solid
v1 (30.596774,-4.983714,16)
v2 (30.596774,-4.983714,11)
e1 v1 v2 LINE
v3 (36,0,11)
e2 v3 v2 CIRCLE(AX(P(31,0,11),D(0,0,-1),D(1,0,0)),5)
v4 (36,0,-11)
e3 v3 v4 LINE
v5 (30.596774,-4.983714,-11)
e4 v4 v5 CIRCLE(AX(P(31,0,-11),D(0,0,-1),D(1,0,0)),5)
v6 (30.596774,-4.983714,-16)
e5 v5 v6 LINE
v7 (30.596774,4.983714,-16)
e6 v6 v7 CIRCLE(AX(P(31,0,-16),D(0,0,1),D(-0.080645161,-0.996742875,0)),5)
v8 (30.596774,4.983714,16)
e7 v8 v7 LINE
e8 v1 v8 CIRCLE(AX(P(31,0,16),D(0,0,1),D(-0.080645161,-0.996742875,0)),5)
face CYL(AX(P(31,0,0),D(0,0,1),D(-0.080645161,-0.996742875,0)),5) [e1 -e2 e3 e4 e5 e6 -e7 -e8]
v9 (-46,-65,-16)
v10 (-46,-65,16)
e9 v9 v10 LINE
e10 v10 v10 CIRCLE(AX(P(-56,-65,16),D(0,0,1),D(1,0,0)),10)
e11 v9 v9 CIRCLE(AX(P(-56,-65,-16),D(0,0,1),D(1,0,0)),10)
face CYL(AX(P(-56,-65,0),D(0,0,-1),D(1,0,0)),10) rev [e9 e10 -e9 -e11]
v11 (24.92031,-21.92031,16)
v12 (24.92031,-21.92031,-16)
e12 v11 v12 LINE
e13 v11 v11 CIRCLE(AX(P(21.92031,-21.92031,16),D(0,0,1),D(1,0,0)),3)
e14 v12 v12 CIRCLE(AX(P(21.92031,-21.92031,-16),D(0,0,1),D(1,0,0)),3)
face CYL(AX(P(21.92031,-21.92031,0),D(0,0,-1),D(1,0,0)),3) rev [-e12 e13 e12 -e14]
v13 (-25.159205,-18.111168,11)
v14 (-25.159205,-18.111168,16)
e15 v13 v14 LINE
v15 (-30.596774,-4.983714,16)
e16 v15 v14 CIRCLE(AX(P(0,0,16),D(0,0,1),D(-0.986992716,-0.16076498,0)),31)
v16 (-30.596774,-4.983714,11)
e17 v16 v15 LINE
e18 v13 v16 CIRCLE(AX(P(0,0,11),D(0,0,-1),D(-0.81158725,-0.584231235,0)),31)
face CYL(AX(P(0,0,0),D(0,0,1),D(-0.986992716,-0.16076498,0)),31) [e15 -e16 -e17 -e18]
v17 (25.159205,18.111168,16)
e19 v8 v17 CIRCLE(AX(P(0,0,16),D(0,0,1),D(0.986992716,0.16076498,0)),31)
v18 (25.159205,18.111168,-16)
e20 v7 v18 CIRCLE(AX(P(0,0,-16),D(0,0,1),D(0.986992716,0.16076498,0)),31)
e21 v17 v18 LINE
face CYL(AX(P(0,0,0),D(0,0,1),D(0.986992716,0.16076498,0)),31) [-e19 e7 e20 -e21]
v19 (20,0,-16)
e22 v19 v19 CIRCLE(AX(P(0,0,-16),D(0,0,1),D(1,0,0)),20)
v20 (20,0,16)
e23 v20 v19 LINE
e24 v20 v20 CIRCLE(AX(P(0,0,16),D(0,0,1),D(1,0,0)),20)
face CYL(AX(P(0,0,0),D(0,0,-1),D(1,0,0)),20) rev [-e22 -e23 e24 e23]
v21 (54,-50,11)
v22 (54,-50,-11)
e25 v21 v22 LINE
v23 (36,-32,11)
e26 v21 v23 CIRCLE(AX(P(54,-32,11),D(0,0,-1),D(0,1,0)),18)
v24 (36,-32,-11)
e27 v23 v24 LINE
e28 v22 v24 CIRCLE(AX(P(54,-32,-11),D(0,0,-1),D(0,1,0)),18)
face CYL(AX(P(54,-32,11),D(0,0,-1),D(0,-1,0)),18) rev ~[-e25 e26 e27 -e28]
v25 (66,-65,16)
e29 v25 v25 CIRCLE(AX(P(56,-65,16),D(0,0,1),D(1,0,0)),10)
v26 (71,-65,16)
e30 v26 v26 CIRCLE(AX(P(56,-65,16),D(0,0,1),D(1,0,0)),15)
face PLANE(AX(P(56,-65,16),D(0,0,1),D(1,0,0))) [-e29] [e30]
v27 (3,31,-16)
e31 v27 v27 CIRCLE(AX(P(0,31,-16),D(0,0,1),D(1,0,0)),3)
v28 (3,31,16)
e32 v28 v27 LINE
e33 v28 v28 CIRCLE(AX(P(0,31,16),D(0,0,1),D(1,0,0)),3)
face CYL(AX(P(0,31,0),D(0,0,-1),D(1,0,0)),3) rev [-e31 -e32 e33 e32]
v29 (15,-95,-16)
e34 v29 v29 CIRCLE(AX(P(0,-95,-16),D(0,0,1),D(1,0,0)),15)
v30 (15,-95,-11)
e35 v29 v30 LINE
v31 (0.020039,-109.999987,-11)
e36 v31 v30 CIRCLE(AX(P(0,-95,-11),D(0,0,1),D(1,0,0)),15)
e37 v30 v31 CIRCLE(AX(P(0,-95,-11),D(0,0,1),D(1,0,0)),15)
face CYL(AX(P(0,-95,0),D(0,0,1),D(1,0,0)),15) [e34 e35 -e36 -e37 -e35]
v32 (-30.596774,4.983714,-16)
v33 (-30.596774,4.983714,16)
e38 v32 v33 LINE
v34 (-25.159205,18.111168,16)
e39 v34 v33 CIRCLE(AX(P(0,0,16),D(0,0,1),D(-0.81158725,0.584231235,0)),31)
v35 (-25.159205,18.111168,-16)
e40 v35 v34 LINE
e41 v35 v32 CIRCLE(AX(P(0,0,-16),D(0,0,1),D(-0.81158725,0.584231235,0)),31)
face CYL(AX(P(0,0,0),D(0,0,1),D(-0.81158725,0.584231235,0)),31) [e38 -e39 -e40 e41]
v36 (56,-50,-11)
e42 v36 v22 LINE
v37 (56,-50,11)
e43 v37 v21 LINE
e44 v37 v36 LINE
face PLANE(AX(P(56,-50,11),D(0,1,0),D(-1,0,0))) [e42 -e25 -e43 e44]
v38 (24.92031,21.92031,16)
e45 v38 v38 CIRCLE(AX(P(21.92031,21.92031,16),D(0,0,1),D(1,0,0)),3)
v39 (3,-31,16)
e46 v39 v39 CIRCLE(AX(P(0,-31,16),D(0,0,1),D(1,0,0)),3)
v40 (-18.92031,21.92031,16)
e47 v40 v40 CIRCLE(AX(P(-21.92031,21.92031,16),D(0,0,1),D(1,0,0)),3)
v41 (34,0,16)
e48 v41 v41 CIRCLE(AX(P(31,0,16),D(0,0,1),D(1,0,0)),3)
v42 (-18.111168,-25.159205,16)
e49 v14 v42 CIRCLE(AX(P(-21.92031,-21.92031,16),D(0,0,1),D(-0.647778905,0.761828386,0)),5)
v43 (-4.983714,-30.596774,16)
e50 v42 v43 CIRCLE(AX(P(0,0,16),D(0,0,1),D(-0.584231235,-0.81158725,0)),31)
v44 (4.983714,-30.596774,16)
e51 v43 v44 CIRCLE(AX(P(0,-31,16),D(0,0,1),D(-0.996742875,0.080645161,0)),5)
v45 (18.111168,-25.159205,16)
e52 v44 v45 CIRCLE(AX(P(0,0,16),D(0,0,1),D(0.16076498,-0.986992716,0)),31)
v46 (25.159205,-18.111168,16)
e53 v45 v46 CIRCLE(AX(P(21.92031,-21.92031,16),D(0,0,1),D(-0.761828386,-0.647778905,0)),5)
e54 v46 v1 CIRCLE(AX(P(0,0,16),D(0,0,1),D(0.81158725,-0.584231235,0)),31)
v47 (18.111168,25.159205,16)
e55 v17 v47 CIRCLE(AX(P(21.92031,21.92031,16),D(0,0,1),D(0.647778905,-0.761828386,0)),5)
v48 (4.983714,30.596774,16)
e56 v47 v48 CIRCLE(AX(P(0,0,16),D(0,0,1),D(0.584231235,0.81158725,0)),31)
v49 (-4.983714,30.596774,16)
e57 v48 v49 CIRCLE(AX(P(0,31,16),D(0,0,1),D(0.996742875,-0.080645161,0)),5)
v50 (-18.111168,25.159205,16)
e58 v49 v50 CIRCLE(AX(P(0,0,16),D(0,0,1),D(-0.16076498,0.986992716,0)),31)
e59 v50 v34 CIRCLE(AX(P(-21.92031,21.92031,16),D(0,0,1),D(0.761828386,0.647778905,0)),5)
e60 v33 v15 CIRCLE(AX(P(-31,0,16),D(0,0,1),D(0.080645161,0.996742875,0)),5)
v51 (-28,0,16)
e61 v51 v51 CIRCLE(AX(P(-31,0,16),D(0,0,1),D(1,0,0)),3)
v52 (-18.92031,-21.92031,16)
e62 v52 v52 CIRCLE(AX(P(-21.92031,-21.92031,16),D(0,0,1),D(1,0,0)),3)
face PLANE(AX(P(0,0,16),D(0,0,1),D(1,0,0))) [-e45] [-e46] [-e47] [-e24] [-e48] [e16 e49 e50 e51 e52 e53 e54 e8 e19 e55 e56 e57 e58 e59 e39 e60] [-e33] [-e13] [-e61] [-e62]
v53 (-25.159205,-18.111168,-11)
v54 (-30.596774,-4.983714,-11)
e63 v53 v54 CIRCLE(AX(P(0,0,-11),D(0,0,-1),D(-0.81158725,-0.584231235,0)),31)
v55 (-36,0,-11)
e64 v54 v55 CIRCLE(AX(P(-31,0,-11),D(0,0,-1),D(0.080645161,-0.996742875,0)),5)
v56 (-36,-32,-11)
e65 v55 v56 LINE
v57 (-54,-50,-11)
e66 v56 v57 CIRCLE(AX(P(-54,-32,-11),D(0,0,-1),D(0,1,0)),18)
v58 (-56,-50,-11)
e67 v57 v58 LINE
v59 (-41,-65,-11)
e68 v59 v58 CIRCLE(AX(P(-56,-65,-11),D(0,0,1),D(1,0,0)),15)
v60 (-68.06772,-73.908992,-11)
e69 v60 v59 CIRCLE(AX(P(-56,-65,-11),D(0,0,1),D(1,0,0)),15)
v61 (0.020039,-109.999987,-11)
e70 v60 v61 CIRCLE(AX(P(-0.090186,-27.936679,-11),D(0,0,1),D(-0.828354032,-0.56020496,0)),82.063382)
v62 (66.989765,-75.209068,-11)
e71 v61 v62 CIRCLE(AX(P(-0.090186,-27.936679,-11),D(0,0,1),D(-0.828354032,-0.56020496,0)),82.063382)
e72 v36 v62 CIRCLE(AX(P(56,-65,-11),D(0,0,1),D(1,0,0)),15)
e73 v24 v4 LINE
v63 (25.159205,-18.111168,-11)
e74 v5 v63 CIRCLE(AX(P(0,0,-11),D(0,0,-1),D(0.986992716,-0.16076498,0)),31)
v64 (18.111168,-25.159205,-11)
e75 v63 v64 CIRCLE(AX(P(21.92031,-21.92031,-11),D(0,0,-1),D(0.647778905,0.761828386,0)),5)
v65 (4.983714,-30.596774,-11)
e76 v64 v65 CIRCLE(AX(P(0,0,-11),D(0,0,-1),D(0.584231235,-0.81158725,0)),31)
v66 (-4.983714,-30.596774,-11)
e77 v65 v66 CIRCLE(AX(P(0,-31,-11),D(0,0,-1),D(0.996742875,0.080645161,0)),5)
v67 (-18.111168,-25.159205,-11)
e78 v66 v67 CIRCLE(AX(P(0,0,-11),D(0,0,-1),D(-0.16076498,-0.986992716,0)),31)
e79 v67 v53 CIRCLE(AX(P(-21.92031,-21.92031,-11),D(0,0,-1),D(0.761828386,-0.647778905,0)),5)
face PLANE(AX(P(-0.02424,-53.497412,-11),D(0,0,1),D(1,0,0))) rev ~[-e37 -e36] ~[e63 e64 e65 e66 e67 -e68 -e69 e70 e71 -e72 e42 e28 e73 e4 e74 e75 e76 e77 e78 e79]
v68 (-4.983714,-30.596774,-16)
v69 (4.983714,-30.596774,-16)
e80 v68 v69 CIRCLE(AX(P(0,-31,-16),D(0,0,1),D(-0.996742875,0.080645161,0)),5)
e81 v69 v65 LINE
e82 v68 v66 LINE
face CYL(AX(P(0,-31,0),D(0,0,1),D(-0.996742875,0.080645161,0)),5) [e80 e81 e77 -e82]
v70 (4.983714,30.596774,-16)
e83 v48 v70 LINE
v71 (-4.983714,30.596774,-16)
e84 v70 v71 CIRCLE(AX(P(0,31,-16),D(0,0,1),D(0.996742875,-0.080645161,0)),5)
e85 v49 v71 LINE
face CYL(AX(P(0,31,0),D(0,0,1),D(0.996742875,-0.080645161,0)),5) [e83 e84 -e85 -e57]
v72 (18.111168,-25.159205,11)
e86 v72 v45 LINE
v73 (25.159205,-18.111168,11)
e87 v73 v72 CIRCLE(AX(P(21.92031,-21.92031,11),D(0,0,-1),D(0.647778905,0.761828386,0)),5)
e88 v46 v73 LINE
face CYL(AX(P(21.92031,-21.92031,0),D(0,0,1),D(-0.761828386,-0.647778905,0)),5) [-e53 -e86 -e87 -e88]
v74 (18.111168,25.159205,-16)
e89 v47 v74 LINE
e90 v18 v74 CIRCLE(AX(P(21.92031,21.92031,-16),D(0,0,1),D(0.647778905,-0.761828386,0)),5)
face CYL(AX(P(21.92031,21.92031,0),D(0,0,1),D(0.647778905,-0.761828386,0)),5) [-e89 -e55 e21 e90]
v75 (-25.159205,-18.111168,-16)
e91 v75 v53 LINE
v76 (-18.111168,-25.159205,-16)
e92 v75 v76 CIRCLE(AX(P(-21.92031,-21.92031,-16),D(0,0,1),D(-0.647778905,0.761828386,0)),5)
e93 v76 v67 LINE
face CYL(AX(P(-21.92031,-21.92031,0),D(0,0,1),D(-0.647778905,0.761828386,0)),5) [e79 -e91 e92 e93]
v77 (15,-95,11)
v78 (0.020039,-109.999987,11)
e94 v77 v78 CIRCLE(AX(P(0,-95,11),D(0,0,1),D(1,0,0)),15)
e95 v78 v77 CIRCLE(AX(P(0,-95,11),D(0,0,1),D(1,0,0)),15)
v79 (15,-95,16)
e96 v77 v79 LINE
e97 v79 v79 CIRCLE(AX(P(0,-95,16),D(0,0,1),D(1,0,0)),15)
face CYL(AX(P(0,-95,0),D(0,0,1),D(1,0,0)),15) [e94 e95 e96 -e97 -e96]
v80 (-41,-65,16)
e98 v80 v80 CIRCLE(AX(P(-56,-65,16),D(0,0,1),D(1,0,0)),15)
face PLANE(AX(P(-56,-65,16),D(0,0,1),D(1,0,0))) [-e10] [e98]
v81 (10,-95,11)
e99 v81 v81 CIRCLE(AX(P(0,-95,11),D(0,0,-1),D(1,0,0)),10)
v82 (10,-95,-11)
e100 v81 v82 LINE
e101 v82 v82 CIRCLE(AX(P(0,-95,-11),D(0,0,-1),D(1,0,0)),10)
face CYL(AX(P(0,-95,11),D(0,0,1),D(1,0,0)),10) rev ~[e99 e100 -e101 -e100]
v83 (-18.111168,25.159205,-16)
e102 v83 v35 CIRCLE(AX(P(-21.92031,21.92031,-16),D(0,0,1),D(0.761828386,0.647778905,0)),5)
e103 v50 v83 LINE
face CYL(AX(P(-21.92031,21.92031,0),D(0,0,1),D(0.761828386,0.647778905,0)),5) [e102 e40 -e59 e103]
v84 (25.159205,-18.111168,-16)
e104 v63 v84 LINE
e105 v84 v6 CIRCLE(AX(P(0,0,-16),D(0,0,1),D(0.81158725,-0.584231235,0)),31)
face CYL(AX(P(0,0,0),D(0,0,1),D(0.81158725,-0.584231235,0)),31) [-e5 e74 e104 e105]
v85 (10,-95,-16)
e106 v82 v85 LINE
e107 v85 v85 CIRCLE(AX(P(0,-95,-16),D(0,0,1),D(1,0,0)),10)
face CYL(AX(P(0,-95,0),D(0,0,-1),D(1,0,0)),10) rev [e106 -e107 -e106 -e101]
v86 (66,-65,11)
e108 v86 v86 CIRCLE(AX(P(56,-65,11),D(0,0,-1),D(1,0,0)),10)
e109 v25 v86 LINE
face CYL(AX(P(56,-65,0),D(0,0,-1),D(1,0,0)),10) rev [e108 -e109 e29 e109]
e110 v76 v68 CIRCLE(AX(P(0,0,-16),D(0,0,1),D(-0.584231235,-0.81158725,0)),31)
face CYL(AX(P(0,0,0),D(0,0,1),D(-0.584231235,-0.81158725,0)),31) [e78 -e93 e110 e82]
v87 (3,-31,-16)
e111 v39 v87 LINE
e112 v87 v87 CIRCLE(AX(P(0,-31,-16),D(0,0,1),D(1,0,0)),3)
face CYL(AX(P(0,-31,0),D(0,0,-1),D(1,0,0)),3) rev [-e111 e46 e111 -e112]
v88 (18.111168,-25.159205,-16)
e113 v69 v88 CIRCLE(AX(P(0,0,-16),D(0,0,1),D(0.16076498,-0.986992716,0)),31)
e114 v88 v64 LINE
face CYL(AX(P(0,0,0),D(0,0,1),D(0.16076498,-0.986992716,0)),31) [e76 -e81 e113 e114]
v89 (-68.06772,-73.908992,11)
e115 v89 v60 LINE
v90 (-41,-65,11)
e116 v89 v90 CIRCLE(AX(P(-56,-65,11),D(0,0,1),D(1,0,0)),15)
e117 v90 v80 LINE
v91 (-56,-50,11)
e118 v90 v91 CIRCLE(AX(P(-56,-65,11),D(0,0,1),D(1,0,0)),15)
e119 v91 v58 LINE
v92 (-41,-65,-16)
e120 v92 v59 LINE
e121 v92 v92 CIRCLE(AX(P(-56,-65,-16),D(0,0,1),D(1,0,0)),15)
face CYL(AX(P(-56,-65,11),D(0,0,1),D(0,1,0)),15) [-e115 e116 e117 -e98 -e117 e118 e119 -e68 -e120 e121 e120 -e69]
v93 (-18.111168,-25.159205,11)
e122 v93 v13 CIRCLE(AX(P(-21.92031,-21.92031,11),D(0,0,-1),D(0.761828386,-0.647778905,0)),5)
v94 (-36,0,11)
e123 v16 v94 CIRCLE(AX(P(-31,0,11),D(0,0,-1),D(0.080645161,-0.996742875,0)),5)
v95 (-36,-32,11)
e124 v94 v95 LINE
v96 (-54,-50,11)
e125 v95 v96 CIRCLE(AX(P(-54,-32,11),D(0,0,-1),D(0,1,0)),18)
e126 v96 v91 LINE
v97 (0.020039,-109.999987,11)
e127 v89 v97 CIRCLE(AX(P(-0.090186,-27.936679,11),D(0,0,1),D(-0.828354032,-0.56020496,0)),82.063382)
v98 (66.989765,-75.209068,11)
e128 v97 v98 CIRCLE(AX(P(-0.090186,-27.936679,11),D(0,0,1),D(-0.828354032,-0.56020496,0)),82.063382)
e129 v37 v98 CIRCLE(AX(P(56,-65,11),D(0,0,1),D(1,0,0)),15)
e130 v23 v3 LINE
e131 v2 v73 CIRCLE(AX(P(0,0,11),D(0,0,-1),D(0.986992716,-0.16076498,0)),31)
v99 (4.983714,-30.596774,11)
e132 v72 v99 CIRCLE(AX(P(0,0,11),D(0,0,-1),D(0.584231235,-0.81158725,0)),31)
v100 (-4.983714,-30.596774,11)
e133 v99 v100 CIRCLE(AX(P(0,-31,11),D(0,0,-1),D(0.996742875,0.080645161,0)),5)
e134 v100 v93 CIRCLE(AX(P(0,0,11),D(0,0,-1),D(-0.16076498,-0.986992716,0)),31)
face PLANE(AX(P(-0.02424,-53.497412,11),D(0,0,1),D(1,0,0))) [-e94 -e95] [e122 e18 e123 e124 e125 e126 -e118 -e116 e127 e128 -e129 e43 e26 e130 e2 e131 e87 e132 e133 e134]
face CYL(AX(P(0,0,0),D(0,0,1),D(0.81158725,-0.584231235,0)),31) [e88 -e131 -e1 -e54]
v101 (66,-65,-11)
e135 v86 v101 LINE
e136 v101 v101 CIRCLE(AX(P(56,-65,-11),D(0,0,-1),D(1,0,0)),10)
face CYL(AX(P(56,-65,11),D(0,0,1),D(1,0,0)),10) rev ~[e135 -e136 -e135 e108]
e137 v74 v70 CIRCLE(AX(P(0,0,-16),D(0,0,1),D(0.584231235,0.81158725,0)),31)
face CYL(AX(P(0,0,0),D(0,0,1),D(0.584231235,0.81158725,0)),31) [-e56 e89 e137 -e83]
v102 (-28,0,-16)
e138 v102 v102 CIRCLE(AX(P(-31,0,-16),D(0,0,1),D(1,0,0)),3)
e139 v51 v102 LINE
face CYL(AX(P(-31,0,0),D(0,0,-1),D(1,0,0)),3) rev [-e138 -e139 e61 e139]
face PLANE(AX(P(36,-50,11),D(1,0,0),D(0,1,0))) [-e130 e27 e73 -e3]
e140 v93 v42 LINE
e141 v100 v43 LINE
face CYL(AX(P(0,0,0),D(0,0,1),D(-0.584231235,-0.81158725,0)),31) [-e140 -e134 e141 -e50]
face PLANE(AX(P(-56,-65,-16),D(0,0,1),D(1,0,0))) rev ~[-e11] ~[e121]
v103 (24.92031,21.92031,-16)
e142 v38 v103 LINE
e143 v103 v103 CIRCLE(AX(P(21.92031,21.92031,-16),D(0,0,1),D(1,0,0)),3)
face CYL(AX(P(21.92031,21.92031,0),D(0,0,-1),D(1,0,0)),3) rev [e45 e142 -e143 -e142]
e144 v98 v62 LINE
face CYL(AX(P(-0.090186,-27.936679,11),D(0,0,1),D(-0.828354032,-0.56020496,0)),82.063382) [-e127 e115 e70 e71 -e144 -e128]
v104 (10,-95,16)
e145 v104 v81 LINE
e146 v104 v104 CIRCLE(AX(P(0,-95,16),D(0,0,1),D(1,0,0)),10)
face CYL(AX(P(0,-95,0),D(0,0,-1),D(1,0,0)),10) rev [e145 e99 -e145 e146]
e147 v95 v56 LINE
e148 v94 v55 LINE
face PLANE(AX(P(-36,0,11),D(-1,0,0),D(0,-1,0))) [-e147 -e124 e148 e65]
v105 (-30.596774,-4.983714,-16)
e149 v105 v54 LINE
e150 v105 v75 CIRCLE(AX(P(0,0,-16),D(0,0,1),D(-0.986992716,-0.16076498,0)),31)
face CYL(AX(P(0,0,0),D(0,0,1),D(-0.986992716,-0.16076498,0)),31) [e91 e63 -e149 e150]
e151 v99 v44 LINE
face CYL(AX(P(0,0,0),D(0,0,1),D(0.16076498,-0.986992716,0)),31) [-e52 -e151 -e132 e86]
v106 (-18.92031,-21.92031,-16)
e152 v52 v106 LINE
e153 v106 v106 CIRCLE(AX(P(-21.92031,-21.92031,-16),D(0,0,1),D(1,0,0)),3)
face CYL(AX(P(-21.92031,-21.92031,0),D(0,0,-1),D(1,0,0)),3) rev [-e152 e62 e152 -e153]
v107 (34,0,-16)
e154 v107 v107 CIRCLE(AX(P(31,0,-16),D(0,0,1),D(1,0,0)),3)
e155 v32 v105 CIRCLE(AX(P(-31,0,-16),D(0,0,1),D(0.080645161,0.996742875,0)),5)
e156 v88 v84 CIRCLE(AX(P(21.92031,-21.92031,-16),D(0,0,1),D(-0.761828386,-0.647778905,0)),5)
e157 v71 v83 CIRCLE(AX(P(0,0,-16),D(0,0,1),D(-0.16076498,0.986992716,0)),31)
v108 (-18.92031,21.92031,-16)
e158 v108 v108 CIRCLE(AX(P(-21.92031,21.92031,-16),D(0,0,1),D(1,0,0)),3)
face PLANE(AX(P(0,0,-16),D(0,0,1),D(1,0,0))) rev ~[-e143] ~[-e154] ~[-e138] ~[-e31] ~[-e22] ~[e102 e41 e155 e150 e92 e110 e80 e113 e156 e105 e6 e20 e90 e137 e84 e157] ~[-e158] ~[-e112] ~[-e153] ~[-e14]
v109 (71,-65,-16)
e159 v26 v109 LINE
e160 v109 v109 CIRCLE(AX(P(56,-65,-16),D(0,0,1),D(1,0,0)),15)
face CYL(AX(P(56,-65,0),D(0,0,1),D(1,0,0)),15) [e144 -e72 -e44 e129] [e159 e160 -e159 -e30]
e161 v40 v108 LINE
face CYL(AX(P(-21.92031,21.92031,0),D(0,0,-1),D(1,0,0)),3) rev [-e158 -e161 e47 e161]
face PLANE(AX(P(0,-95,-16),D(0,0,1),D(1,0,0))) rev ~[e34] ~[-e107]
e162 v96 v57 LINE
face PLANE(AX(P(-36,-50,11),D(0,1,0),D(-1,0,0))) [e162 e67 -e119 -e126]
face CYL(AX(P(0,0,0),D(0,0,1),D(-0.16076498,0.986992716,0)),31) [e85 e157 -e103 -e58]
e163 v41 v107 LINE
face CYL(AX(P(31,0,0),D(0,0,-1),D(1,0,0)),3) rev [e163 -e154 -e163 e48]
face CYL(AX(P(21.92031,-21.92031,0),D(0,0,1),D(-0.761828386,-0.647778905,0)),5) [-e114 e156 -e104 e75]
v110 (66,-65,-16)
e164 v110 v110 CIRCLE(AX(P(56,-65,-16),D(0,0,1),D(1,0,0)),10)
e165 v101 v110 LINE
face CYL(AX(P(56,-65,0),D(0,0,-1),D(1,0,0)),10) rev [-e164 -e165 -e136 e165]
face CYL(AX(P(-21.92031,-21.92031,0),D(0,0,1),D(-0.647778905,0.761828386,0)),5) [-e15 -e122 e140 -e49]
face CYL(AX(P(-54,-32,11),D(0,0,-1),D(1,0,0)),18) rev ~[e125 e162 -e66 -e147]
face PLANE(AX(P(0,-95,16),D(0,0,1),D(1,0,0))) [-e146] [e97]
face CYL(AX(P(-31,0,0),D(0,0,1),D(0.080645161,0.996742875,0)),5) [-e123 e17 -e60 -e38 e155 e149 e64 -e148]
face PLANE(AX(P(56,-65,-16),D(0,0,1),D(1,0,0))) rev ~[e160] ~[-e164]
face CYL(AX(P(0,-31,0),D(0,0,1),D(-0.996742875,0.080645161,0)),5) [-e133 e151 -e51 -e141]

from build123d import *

# Parameters (mm, degrees)
SKETCH1_R             = 20
SKETCH1_R_2           = 3
BOSS_EXTRUDE5_DEPTH   = 16
SKETCH1_R_3           = 15
SKETCH1_R_4           = 10
BOSS_EXTRUDE5_2_DEPTH = 16
BOSS_EXTRUDE5_3_DEPTH = 16
BOSS_EXTRUDE5_4_DEPTH = 16
BOSS_EXTRUDE6_START   = -5
BOSS_EXTRUDE6_DEPTH   = 22
SKETCH3_R             = 10
CUT_EXTRUDE1_DEPTH    = 28
FILLET1_R             = 18


with BuildPart() as part:
    # Sketch1 → Boss-Extrude5 (new body, symmetric)
    with BuildSketch(Plane.XY):
        with BuildLine():
            ThreePointArc((-18.111168286, 25.159204743), (-25.455844123, 25.455844123), (-25.159204743, 18.111168286))
            ThreePointArc((-25.159204743, 18.111168286), (-28.640265508, 11.863186403), (-30.596774194, 4.983714373))
            ThreePointArc((-30.596774194, 4.983714373), (-36, 0), (-30.596774194, -4.983714373))
            ThreePointArc((-30.596774194, -4.983714373), (-28.640265508, -11.863186403), (-25.159204743, -18.111168286))
            ThreePointArc((-25.159204743, -18.111168286), (-25.455844123, -25.455844123), (-18.111168286, -25.159204743))
            ThreePointArc((-18.111168286, -25.159204743), (-11.863186403, -28.640265508), (-4.983714373, -30.596774194))
            ThreePointArc((-4.983714373, -30.596774194), (0, -36), (4.983714373, -30.596774194))
            ThreePointArc((4.983714373, -30.596774194), (11.863186403, -28.640265508), (18.111168286, -25.159204743))
            ThreePointArc((18.111168286, -25.159204743), (25.455844123, -25.455844123), (25.159204743, -18.111168286))
            ThreePointArc((25.159204743, -18.111168286), (28.640265508, -11.863186403), (30.596774194, -4.983714373))
            ThreePointArc((30.596774194, -4.983714373), (36, 0), (30.596774194, 4.983714373))
            ThreePointArc((30.596774194, 4.983714373), (28.640265508, 11.863186403), (25.159204743, 18.111168286))
            ThreePointArc((25.159204743, 18.111168286), (25.455844123, 25.455844123), (18.111168286, 25.159204743))
            ThreePointArc((18.111168286, 25.159204743), (11.863186403, 28.640265508), (4.983714373, 30.596774194))
            ThreePointArc((4.983714373, 30.596774194), (0, 36), (-4.983714373, 30.596774194))
            ThreePointArc((-4.983714373, 30.596774194), (-11.863186403, 28.640265508), (-18.111168286, 25.159204743))
        make_face()
        Circle(SKETCH1_R, mode=Mode.SUBTRACT)
        with Locations((31, 0)):
            Circle(SKETCH1_R_2, mode=Mode.SUBTRACT)
        with Locations((21.920310217, -21.920310217)):
            Circle(SKETCH1_R_2, mode=Mode.SUBTRACT)
        with Locations((0, -31)):
            Circle(SKETCH1_R_2, mode=Mode.SUBTRACT)
        with Locations((-21.920310217, -21.920310217)):
            Circle(SKETCH1_R_2, mode=Mode.SUBTRACT)
        with Locations((-31, 0)):
            Circle(SKETCH1_R_2, mode=Mode.SUBTRACT)
        with Locations((-21.920310217, 21.920310217)):
            Circle(SKETCH1_R_2, mode=Mode.SUBTRACT)
        with Locations((0, 31)):
            Circle(SKETCH1_R_2, mode=Mode.SUBTRACT)
        with Locations((21.920310217, 21.920310217)):
            Circle(SKETCH1_R_2, mode=Mode.SUBTRACT)
    extrude(amount=BOSS_EXTRUDE5_DEPTH, both=True)



with BuildPart() as body_2:
    # Sketch1 → Boss-Extrude5 2 (new body, symmetric)
    with BuildSketch(Plane.XY):
        with Locations((-56, -65)):
            Circle(SKETCH1_R_3)
        with Locations((-56, -65)):
            Circle(SKETCH1_R_4, mode=Mode.SUBTRACT)
    extrude(amount=BOSS_EXTRUDE5_2_DEPTH, both=True)


with BuildPart() as body_3:
    # Sketch1 → Boss-Extrude5 3 (new body, symmetric)
    with BuildSketch(Plane.XY):
        with Locations((0, -95)):
            Circle(SKETCH1_R_3)
        with Locations((0, -95)):
            Circle(SKETCH1_R_4, mode=Mode.SUBTRACT)
    extrude(amount=BOSS_EXTRUDE5_3_DEPTH, both=True)


with BuildPart() as body_4:
    # Sketch1 → Boss-Extrude5 4 (new body, symmetric)
    with BuildSketch(Plane.XY):
        with Locations((56, -65)):
            Circle(SKETCH1_R_3)
        with Locations((56, -65)):
            Circle(SKETCH1_R_4, mode=Mode.SUBTRACT)
    extrude(amount=BOSS_EXTRUDE5_4_DEPTH, both=True)


with BuildPart() as part_1:
    add(part.part)

    add(body_2.part)  # Boss-Extrude6 merges body 2

    add(body_3.part)  # Boss-Extrude6 merges body 3

    add(body_4.part)  # Boss-Extrude6 merges body 4
    # Sketch2 → Boss-Extrude6 (add)
    with BuildSketch(Plane.XY.offset(16).offset(BOSS_EXTRUDE6_START)):
        with BuildLine():
            ThreePointArc((-30.596774194, -4.983714373), (-34.389975735, -3.675331892), (-36, 0))
            Line((-36, 0), (-36, -50))
            Line((-36, -50), (-56, -50))
            ThreePointArc((-56, -50), (-69.390946307, -58.241112739), (-68.06771952, -73.9089924))
            ThreePointArc((-68.06771952, -73.9089924), (-0.88009942, -109.996258841), (66.9897647, -75.209068118))
            ThreePointArc((66.9897647, -75.209068118), (69.750200394, -59.005670253), (56, -50))
            Line((56, -50), (36, -50))
            Line((36, -50), (36, 0))
            ThreePointArc((36, 0), (34.389975735, -3.675331892), (30.596774194, -4.983714373))
            ThreePointArc((30.596774194, -4.983714373), (28.640265508, -11.863186403), (25.159204743, -18.111168286))
            ThreePointArc((25.159204743, -18.111168286), (25.455844123, -25.455844123), (18.111168286, -25.159204743))
            ThreePointArc((18.111168286, -25.159204743), (11.863186403, -28.640265508), (4.983714373, -30.596774194))
            ThreePointArc((4.983714373, -30.596774194), (0, -36), (-4.983714373, -30.596774194))
            ThreePointArc((-4.983714373, -30.596774194), (-11.863186403, -28.640265508), (-18.111168286, -25.159204743))
            ThreePointArc((-18.111168286, -25.159204743), (-25.455844123, -25.455844123), (-25.159204743, -18.111168286))
            ThreePointArc((-25.159204743, -18.111168286), (-28.640265508, -11.863186403), (-30.596774194, -4.983714373))
        make_face()
    extrude(amount=-BOSS_EXTRUDE6_DEPTH)

    # Sketch3 → Cut-Extrude1 (cut, through all)
    with BuildSketch(Plane.XY.offset(11)):
        with Locations((-56, -65)):
            Circle(SKETCH3_R)
        with Locations((0, -95)):
            Circle(SKETCH3_R)
        with Locations((56, -65)):
            Circle(SKETCH3_R)
    extrude(amount=-CUT_EXTRUDE1_DEPTH, mode=Mode.SUBTRACT)

    # Fillet1
    fillet1_edges = [part_1.edges().sort_by_distance(p)[0] for p in [
        (-36, -50, 0),
        (36, -50, 0),
    ]]
    fillet(fillet1_edges, radius=FILLET1_R)


solid = part_1.part
